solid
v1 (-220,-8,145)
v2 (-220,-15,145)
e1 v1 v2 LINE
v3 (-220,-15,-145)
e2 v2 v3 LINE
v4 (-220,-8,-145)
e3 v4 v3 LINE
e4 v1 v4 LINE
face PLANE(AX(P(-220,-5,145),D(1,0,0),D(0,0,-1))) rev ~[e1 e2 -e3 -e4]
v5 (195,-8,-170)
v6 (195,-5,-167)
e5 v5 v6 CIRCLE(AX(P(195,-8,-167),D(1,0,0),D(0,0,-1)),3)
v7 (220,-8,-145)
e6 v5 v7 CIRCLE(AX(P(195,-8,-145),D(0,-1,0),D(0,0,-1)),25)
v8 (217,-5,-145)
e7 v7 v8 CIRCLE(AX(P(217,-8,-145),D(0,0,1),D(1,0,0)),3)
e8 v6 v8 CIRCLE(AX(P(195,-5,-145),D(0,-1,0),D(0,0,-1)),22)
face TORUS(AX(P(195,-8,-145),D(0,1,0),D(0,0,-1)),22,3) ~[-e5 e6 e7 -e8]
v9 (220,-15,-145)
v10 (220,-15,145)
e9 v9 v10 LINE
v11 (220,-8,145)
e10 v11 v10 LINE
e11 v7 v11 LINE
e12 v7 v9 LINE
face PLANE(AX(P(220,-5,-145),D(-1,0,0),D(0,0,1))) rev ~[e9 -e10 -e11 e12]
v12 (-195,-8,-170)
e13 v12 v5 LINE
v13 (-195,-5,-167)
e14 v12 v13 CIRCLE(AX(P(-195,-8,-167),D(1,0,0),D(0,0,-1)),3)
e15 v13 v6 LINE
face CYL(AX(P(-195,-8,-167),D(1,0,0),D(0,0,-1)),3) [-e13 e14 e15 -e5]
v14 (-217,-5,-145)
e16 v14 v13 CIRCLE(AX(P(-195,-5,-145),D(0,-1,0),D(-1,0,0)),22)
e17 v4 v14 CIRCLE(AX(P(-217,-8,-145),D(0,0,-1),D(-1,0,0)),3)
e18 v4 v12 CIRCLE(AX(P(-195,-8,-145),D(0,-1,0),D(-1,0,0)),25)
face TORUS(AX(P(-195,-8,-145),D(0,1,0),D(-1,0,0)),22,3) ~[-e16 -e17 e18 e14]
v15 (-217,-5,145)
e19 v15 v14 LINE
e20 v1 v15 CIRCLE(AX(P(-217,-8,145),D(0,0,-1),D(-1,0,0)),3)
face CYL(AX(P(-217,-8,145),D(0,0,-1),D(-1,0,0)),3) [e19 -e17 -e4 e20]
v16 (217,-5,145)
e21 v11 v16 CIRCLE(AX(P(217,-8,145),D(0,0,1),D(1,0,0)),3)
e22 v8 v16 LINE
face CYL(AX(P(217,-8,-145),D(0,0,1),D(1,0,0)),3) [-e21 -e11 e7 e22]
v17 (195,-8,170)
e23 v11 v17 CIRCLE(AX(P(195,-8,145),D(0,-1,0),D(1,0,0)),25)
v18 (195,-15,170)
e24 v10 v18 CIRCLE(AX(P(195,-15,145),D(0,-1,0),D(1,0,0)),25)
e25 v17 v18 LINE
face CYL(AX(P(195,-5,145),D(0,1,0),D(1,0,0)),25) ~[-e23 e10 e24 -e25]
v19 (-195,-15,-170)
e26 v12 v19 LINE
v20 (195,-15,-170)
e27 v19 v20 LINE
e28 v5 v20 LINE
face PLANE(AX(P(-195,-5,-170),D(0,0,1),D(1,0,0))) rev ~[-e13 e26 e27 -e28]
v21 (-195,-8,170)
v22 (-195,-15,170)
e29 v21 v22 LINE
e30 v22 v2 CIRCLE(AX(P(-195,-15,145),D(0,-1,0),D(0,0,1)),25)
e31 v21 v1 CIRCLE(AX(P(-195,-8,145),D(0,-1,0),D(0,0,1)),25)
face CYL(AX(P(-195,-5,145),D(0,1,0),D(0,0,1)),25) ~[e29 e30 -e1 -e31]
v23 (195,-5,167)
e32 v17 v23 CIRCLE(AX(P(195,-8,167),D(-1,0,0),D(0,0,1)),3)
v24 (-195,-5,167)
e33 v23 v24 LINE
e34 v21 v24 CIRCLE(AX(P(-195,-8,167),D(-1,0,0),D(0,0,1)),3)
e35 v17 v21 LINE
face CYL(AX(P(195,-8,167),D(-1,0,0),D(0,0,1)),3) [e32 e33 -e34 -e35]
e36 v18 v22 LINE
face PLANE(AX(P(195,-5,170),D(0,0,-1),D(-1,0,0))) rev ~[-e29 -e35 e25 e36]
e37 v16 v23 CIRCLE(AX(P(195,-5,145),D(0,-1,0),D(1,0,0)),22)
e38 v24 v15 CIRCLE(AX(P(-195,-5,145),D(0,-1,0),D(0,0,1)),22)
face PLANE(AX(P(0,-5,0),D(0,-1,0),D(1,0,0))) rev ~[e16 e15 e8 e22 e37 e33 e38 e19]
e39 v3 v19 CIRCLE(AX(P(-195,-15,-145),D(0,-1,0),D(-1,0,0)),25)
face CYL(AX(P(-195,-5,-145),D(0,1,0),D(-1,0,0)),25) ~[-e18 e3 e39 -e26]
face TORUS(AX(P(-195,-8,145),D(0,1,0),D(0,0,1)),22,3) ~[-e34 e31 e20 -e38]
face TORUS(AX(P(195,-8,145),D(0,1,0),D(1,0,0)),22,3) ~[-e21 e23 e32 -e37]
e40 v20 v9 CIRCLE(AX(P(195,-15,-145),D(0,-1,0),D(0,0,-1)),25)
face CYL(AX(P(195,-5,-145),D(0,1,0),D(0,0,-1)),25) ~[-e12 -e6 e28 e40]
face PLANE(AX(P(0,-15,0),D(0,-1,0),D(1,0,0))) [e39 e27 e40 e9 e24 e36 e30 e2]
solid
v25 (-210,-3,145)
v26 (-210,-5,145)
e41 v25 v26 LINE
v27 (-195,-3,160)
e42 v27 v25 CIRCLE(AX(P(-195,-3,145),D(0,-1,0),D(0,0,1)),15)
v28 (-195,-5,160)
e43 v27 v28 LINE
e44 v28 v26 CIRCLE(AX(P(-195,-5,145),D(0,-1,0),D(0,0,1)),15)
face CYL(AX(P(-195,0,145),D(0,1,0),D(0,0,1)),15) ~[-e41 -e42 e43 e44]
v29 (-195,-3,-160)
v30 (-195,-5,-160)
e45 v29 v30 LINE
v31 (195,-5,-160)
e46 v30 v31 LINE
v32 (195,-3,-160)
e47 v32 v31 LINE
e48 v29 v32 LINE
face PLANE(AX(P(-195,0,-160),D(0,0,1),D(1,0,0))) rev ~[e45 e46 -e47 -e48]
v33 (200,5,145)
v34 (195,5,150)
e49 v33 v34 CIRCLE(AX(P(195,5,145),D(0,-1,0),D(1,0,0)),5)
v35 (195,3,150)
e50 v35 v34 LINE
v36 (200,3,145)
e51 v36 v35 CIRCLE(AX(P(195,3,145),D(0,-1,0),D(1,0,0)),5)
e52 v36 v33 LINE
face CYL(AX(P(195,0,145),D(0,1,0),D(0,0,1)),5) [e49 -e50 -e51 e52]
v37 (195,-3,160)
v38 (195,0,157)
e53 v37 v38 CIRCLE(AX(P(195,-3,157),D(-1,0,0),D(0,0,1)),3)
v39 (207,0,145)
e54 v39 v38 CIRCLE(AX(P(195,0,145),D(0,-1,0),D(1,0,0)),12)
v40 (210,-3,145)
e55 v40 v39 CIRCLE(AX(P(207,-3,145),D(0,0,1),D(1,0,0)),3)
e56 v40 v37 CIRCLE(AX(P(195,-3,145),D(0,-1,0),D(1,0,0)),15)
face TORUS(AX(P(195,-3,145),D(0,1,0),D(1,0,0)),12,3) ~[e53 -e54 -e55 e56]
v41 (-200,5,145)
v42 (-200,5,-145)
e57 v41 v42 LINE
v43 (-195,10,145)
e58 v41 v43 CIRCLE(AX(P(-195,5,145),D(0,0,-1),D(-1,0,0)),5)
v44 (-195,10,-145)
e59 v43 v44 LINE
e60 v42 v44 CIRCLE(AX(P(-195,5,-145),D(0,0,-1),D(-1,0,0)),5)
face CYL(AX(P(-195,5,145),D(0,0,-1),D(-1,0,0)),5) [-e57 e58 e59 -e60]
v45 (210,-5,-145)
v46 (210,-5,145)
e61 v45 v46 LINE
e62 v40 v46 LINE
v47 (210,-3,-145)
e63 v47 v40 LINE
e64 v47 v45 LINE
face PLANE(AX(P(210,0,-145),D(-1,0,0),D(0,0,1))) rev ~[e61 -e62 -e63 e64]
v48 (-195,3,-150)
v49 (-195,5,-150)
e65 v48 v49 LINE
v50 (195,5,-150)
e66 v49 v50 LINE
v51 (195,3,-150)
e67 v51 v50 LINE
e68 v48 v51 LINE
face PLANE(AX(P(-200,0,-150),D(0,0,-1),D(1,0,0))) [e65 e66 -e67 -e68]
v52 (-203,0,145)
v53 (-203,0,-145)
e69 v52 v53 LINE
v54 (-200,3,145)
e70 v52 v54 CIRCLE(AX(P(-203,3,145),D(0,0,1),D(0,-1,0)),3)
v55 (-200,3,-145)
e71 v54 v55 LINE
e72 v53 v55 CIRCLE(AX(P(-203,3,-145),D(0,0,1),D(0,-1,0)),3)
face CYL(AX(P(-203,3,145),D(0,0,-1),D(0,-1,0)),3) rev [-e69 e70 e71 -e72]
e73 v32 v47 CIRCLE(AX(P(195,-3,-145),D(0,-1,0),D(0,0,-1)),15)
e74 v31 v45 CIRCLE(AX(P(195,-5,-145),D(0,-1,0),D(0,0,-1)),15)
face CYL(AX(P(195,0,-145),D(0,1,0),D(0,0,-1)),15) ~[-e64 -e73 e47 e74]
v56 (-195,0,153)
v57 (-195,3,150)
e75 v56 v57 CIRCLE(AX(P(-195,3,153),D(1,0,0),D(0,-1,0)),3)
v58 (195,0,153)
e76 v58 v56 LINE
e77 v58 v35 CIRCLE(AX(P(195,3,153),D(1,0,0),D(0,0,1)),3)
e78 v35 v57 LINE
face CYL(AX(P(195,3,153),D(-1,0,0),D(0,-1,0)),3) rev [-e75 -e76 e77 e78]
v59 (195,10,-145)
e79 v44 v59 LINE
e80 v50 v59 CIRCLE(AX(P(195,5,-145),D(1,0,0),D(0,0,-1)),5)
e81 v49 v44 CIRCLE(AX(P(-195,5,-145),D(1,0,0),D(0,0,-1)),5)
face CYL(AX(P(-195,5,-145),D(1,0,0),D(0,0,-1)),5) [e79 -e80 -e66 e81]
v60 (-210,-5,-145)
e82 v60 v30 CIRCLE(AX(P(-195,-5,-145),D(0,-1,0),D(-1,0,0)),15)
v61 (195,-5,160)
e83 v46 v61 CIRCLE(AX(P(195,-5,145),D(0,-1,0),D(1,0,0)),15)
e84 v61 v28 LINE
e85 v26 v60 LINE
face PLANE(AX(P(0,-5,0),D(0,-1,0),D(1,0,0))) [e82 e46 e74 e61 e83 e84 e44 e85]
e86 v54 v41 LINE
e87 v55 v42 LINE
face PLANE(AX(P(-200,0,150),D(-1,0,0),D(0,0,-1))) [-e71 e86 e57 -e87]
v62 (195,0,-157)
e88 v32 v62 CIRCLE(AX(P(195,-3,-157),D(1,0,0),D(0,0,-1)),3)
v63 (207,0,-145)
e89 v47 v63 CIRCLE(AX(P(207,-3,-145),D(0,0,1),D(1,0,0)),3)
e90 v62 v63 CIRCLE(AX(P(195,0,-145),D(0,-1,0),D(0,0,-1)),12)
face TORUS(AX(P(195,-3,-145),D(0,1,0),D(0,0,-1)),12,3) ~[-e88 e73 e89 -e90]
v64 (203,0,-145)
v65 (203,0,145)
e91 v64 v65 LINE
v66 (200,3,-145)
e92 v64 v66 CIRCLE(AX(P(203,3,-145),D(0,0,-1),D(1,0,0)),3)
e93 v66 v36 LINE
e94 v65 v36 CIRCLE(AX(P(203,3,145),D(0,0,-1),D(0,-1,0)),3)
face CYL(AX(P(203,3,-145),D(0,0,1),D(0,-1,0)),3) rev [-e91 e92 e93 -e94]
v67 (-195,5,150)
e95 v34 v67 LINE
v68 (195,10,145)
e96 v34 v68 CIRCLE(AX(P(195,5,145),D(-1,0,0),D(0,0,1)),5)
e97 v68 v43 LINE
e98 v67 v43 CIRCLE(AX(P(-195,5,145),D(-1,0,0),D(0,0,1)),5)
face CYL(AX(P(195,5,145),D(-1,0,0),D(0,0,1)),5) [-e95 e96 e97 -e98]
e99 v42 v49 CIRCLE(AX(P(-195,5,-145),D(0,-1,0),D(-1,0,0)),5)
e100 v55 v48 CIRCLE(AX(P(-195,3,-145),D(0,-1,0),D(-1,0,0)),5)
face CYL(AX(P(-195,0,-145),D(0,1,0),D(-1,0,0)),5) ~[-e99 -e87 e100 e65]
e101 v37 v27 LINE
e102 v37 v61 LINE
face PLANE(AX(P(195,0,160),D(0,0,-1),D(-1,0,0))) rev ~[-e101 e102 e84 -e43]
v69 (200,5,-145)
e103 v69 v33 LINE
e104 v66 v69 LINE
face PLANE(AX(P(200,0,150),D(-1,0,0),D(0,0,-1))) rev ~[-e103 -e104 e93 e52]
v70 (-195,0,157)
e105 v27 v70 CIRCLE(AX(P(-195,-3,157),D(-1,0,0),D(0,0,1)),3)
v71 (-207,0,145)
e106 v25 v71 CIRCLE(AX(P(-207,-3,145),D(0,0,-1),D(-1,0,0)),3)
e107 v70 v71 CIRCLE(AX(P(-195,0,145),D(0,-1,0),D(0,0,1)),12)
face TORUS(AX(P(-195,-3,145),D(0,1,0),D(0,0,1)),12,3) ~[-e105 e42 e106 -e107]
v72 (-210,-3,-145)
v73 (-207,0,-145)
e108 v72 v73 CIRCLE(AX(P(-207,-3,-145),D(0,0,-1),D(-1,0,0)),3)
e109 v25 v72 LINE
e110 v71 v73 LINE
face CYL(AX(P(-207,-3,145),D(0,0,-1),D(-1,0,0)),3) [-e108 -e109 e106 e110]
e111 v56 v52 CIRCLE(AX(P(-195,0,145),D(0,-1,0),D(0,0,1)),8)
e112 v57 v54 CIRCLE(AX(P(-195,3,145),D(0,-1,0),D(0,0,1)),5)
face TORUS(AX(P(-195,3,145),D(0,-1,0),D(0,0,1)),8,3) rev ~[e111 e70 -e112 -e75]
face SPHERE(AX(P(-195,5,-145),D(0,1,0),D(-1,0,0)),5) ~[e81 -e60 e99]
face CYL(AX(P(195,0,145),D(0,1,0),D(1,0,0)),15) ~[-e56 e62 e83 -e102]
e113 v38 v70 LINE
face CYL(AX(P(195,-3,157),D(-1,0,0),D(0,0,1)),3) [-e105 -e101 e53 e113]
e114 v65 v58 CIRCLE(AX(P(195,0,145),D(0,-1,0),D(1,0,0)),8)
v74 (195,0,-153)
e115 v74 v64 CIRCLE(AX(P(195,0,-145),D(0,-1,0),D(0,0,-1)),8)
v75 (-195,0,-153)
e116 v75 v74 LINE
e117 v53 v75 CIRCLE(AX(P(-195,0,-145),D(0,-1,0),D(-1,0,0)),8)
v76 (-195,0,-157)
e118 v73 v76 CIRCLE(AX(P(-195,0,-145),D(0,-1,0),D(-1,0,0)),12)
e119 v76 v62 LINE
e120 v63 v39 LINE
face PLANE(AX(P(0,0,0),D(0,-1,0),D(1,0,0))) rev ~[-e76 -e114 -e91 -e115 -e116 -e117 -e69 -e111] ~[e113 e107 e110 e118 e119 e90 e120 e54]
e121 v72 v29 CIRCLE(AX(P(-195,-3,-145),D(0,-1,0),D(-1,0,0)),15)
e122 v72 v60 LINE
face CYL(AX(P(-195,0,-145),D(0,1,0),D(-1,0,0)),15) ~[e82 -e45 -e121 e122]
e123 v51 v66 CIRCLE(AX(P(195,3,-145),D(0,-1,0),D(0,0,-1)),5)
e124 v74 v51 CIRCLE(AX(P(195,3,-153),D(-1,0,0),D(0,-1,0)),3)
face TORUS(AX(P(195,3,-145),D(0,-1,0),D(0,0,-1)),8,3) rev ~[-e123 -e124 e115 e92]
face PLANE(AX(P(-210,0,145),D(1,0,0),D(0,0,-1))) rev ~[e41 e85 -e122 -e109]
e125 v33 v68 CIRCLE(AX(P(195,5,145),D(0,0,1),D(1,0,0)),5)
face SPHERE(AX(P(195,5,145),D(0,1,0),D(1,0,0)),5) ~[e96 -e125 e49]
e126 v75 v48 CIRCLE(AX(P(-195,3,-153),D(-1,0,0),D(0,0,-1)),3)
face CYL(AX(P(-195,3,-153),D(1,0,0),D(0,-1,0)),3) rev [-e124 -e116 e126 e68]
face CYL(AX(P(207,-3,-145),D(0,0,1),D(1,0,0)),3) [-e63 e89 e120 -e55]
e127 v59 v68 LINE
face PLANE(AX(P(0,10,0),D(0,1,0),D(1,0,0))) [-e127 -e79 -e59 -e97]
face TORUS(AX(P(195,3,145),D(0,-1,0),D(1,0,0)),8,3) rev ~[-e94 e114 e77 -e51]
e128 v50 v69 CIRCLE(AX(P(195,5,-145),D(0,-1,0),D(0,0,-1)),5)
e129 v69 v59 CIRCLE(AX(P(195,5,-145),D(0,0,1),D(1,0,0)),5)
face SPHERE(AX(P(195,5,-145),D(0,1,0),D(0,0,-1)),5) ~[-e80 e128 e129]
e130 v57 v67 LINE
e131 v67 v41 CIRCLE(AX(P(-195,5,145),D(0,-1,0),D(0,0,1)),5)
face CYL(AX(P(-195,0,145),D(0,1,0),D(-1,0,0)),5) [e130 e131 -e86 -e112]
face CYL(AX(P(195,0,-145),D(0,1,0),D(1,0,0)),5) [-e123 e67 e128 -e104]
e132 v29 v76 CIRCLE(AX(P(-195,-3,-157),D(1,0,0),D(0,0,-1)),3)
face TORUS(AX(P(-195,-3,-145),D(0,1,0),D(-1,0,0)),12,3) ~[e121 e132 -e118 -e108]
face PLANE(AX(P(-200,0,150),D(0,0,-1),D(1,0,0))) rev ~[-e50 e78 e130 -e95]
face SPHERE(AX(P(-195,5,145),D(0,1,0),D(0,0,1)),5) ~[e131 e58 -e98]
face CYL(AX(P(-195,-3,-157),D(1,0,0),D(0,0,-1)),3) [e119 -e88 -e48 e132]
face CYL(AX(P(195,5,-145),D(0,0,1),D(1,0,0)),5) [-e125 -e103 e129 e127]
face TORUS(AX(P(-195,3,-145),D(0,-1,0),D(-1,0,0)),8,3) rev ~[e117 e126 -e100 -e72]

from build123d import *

# Parameters (mm, degrees)
SKETCH1_W           = 400
SKETCH1_H           = 300
BOSS_EXTRUDE1_DEPTH = 10
FILLET1_R           = 5
FILLET2_R           = 5
BOSS_EXTRUDE2_DEPTH = 5
BOSS_EXTRUDE5_DEPTH = 10
FILLET3_R           = 3
FILLET4_R           = 3


with BuildPart() as part:
    # Sketch1 → Boss-Extrude1 (new body)
    with BuildSketch(Plane(origin=(0, 0, 0), x_dir=(1, 0, 0), z_dir=(0, 1, 0))):
        Rectangle(SKETCH1_W, SKETCH1_H)
    extrude(amount=BOSS_EXTRUDE1_DEPTH)

    # Fillet1
    fillet1_edges = [part.edges().sort_by_distance(p)[0] for p in [
        (-200, 5, -150),
        (200, 5, -150),
        (200, 5, 150),
        (-200, 5, 150),
    ]]
    fillet(fillet1_edges, radius=FILLET1_R)

    # Fillet2
    fillet2_edges = [part.edges().sort_by_distance(p)[0] for p in [
        (-200, 10, 0),
        (0, 10, -150),
        (0, 10, 150),
        (200, 10, 0),
        (198.535533906, 10, 148.535533906),
        (198.535533906, 10, -148.535533906),
        (-198.535533906, 10, 148.535533906),
        (-198.535533906, 10, -148.535533906),
    ]]
    fillet(fillet2_edges, radius=FILLET2_R)

    # Sketch2 → Boss-Extrude2 (add)
    with BuildSketch(Plane.XZ):
        with BuildLine():
            Line((195, 160), (-195, 160))
            ThreePointArc((-195, 160), (-205.606601718, 155.606601718), (-210, 145))
            Line((-210, 145), (-210, -145))
            ThreePointArc((-210, -145), (-205.606601718, -155.606601718), (-195, -160))
            Line((-195, -160), (195, -160))
            ThreePointArc((195, -160), (205.606601718, -155.606601718), (210, -145))
            Line((210, -145), (210, 145))
            ThreePointArc((210, 145), (205.606601718, 155.606601718), (195, 160))
        make_face()
    extrude(amount=BOSS_EXTRUDE2_DEPTH)

    # Fillet3
    fillet3_edges = [part.edges().sort_by_distance(p)[0] for p in [
        (-200, 0, 0),
        (0, 0, -150),
        (200, 0, 0),
        (0, 0, 150),
        (198.535533906, 0, 148.535533906),
        (198.535533906, 0, -148.535533906),
        (-198.535533906, 0, 148.535533906),
        (-198.535533906, 0, -148.535533906),
        (205.606601718, 0, 155.606601718),
        (0, 0, 160),
        (-205.606601718, 0, 155.606601718),
        (-210, 0, 0),
        (-205.606601718, 0, -155.606601718),
        (0, 0, -160),
        (205.606601718, 0, -155.606601718),
        (210, 0, 0),
    ]]
    fillet(fillet3_edges, radius=FILLET3_R)


with BuildPart() as body_2:
    # Sketch3 → Boss-Extrude5 (new body)
    with BuildSketch(Plane.XZ.offset(5)):
        with BuildLine():
            Line((195, 170), (-195, 170))
            ThreePointArc((-195, 170), (-212.67766953, 162.67766953), (-220, 145))
            Line((-220, 145), (-220, -145))
            ThreePointArc((-220, -145), (-212.67766953, -162.67766953), (-195, -170))
            Line((-195, -170), (195, -170))
            ThreePointArc((195, -170), (212.67766953, -162.67766953), (220, -145))
            Line((220, -145), (220, 145))
            ThreePointArc((220, 145), (212.67766953, 162.67766953), (195, 170))
        make_face()
    extrude(amount=BOSS_EXTRUDE5_DEPTH)

    # Fillet4
    fillet4_edges = [body_2.edges().sort_by_distance(p)[0] for p in [
        (0, -5, -170),
        (-212.67766953, -5, -162.67766953),
        (-220, -5, 0),
        (-212.67766953, -5, 162.67766953),
        (0, -5, 170),
        (212.67766953, -5, 162.67766953),
        (220, -5, 0),
        (212.67766953, -5, -162.67766953),
    ]]
    fillet(fillet4_edges, radius=FILLET4_R)


solid = Compound([part.part, body_2.part])
